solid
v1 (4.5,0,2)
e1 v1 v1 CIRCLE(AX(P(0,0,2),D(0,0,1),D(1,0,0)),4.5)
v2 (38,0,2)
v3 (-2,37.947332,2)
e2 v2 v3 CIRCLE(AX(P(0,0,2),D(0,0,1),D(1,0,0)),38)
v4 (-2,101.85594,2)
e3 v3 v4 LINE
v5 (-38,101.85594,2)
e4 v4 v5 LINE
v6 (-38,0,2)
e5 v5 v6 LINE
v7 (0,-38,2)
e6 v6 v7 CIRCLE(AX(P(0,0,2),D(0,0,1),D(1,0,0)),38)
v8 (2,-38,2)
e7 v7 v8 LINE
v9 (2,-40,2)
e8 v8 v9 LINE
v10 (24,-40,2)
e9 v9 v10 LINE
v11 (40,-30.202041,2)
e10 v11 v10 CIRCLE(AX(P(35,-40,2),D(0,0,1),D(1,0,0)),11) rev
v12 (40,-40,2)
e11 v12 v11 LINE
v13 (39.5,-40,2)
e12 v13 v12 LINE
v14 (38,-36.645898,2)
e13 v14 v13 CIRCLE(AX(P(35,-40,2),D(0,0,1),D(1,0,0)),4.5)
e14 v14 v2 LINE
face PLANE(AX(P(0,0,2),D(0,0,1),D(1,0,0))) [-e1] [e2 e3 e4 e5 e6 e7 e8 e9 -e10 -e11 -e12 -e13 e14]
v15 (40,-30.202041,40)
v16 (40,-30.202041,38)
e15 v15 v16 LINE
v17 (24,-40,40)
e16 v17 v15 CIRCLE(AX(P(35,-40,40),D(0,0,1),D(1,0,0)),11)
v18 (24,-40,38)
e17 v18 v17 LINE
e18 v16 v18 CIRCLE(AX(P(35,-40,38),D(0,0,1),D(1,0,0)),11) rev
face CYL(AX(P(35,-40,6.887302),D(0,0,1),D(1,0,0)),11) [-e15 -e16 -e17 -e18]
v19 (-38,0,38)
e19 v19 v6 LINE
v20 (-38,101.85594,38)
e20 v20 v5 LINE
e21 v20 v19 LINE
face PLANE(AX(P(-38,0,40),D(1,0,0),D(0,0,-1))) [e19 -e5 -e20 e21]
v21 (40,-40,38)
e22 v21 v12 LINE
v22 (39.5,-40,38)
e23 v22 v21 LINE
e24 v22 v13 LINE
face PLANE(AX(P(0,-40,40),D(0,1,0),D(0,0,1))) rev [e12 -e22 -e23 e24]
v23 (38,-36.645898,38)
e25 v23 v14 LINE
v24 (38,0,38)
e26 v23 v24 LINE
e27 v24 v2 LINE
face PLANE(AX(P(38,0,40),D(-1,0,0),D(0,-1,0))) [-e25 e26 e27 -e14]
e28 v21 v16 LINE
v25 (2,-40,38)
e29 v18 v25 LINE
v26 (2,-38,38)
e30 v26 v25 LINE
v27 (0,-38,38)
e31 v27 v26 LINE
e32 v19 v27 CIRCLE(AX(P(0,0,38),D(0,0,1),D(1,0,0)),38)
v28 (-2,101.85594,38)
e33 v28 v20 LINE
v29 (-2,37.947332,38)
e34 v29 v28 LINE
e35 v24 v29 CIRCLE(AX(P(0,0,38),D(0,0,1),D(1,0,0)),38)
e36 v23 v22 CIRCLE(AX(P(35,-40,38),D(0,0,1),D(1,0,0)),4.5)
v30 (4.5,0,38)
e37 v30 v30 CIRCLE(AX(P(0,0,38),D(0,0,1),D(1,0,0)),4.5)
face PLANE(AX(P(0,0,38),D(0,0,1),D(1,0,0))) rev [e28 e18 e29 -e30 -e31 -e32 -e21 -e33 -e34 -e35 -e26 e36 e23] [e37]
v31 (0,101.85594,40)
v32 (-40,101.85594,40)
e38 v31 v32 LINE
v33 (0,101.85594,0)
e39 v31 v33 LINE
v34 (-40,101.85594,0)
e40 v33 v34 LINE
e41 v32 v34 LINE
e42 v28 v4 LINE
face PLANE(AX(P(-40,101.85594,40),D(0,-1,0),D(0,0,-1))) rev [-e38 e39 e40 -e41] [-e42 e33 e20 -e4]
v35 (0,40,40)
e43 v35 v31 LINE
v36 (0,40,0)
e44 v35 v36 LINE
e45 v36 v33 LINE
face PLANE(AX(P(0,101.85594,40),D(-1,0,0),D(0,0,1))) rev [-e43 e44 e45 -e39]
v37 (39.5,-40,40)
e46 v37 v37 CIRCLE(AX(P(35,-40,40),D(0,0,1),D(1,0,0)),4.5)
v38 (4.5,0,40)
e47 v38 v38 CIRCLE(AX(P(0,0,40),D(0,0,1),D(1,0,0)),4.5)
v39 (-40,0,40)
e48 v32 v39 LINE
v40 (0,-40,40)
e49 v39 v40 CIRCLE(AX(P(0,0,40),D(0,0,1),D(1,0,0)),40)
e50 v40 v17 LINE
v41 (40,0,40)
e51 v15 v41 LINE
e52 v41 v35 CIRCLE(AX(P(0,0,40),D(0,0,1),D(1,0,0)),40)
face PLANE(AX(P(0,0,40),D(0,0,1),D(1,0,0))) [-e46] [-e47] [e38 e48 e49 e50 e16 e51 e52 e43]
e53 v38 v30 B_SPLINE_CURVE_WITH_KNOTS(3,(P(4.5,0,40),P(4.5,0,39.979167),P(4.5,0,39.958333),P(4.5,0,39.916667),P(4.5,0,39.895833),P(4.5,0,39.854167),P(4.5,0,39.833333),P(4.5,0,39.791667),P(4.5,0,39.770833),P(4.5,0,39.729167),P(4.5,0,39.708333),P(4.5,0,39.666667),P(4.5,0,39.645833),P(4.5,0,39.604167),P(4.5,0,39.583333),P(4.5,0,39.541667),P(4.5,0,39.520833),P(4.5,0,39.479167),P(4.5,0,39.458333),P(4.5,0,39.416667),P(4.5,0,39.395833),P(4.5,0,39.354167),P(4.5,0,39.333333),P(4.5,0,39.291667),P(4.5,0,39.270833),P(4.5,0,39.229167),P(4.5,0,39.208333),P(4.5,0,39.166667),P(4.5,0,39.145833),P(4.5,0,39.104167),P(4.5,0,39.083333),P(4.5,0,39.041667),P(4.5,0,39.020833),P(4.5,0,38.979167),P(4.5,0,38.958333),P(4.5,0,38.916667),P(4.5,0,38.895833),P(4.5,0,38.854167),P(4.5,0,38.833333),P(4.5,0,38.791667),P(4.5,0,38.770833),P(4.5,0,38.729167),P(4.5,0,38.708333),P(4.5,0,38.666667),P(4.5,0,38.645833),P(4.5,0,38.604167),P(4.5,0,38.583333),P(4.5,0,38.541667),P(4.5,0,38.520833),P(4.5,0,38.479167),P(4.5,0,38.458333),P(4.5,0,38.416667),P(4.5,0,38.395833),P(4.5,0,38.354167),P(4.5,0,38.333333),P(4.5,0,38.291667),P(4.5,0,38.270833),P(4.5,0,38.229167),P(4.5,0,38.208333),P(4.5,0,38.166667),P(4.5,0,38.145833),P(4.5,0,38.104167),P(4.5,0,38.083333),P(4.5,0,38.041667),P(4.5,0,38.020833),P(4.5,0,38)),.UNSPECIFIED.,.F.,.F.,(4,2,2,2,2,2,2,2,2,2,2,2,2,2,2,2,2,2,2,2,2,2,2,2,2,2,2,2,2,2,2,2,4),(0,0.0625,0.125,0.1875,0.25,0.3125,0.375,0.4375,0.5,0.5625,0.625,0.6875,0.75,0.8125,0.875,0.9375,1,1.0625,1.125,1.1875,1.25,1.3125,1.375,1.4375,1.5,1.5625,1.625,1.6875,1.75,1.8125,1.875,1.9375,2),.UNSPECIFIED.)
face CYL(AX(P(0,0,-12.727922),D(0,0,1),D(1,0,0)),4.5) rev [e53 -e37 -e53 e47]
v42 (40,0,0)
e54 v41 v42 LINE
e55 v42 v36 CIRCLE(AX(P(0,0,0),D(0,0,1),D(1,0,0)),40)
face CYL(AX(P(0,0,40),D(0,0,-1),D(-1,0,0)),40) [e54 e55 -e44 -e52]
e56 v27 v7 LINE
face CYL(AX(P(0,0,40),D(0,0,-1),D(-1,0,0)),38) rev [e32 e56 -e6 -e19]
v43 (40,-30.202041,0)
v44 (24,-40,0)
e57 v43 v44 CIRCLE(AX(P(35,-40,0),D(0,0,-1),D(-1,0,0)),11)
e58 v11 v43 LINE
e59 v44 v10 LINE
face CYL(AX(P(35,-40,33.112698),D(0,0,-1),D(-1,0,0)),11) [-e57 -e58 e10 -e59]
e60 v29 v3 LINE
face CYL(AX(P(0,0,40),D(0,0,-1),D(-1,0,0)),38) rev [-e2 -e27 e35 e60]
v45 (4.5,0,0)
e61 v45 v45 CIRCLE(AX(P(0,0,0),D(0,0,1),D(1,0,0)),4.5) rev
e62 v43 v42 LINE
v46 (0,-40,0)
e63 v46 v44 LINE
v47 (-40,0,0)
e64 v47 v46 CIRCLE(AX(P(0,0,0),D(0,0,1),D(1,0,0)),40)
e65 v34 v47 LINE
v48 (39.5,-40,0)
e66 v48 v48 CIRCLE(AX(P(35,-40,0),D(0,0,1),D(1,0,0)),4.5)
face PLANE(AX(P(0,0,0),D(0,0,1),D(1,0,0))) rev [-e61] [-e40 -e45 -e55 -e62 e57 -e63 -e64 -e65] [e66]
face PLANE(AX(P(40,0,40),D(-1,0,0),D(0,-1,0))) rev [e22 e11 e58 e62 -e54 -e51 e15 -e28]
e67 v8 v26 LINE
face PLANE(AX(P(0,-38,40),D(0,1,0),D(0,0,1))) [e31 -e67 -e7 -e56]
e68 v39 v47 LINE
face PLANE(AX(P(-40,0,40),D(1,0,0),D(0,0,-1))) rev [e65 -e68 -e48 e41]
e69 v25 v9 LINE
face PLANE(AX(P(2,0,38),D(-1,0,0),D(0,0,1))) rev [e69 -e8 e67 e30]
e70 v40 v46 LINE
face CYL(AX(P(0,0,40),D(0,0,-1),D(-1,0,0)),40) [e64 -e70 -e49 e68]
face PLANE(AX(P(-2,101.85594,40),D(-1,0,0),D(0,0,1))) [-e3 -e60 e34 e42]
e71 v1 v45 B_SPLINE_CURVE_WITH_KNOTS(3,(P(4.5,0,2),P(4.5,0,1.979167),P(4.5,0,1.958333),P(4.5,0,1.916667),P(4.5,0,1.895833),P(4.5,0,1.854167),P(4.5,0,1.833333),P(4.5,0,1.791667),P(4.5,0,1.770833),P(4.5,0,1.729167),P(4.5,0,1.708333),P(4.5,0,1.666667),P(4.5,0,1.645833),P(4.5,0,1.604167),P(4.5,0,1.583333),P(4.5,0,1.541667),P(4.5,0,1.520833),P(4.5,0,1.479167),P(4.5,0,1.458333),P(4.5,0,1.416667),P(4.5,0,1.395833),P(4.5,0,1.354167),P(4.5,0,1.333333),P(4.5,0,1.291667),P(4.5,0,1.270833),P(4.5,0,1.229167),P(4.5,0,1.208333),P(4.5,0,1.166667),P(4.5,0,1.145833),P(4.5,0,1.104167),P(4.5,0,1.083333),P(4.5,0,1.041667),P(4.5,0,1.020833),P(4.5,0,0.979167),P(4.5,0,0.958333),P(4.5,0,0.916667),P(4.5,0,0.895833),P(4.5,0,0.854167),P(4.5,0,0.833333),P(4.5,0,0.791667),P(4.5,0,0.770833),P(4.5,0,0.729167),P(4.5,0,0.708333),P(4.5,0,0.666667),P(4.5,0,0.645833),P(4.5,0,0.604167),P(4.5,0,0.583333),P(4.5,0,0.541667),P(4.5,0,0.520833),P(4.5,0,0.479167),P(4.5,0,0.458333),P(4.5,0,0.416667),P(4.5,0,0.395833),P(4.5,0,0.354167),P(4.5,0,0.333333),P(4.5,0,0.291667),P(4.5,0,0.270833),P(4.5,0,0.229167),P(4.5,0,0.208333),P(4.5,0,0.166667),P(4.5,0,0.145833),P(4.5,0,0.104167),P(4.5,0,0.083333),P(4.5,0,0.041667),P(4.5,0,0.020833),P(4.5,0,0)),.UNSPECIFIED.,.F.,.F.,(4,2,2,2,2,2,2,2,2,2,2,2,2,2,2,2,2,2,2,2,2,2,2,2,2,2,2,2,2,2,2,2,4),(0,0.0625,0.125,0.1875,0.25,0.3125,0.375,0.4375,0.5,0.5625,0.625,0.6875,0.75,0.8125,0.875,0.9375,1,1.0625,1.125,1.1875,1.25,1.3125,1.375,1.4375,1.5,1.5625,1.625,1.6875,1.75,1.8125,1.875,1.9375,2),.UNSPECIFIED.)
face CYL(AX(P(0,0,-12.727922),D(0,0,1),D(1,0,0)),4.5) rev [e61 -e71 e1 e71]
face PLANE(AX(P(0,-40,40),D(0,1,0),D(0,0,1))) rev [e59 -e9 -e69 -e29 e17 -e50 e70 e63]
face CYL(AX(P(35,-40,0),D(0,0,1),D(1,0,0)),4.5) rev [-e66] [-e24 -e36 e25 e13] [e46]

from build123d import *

# Parameters (mm, degrees)
BOSS_EXTRUDE1_DEPTH = 40
SHELL1_T            = -2
SKETCH2_W           = 36
SKETCH2_H           = 36
CUT_EXTRUDE1_DEPTH  = 40
SKETCH7_R           = 11
BOSS_EXTRUDE3_DEPTH = 2
CUT_EXTRUDE4_REACH  = 120.704
SKETCH8_R           = 4.5
BOSS_EXTRUDE4_START = -2
SKETCH9_R           = 11
BOSS_EXTRUDE4_DEPTH = 2
SKETCH10_R          = 4.5
CUT_EXTRUDE5_DEPTH  = 119.70397032


with BuildPart() as part:
    # Sketch1 → Boss-Extrude1 (new body)
    with BuildSketch(Plane.XY):
        with BuildLine():
            Line((-40, 0), (-40, 101.855940277))
            Line((-40, 101.855940277), (0, 101.855940277))
            Line((0, 101.855940277), (0, 40))
            ThreePointArc((0, 40), (28.284271247, 28.284271247), (40, 0))
            Line((40, 0), (40, -40))
            Line((40, -40), (0, -40))
            ThreePointArc((0, -40), (-28.284271247, -28.284271247), (-40, 0))
        make_face()
    extrude(amount=BOSS_EXTRUDE1_DEPTH)

    # Shell1
    shell1_openings = [part.faces().sort_by_distance(p)[0] for p in [
        (-20, 101.855940277, 20),
    ]]
    offset(amount=SHELL1_T, openings=shell1_openings, kind=Kind.INTERSECTION)

    # Sketch2 → Cut-Extrude1 (cut)
    with BuildSketch(Plane.XZ.offset(40)):
        with Locations((20, 20)):
            Rectangle(SKETCH2_W, SKETCH2_H)
    extrude(amount=-CUT_EXTRUDE1_DEPTH, mode=Mode.SUBTRACT)

    # Sketch7 → Boss-Extrude3 (add)
    with BuildSketch(Plane.XY.offset(40)):
        with Locations((35, -40)):
            Circle(SKETCH7_R)
    extrude(amount=-BOSS_EXTRUDE3_DEPTH)

    # Cut-Extrude4: up to this face of the body (flat: up to its plane)
    cut_extrude4_end = Plane(part.part.faces().sort_by_distance((-6.043930541, 21.434186246, 0))[0])
    # Sketch8 → Cut-Extrude4 (cut, up to the picked face)
    with BuildSketch(Plane.XY.offset(40), mode=Mode.PRIVATE) as cut_extrude4_sk1:
        Circle(SKETCH8_R)
    cut_extrude4_tool1 = split(extrude(cut_extrude4_sk1.sketch, amount=-CUT_EXTRUDE4_REACH, mode=Mode.PRIVATE), bisect_by=cut_extrude4_end, keep=Keep.BOTH, mode=Mode.PRIVATE)
    add(cut_extrude4_tool1.solids().sort_by(Axis((0, 0, 40), (0, 0, -1)))[0], mode=Mode.SUBTRACT)

    # Sketch9 → Boss-Extrude4 (add)
    with BuildSketch(Plane(origin=(0, 0, 0), x_dir=(-1, 0, 0), z_dir=(0, 0, -1)).offset(BOSS_EXTRUDE4_START)):
        with Locations((-35, -40)):
            Circle(SKETCH9_R)
    extrude(amount=BOSS_EXTRUDE4_DEPTH)

    # Sketch10 → Cut-Extrude5 (cut, through all)
    with BuildSketch(Plane.XY.offset(40)):
        with Locations((35, -40)):
            Circle(SKETCH10_R)
    extrude(amount=-CUT_EXTRUDE5_DEPTH, mode=Mode.SUBTRACT)


solid = part.part
